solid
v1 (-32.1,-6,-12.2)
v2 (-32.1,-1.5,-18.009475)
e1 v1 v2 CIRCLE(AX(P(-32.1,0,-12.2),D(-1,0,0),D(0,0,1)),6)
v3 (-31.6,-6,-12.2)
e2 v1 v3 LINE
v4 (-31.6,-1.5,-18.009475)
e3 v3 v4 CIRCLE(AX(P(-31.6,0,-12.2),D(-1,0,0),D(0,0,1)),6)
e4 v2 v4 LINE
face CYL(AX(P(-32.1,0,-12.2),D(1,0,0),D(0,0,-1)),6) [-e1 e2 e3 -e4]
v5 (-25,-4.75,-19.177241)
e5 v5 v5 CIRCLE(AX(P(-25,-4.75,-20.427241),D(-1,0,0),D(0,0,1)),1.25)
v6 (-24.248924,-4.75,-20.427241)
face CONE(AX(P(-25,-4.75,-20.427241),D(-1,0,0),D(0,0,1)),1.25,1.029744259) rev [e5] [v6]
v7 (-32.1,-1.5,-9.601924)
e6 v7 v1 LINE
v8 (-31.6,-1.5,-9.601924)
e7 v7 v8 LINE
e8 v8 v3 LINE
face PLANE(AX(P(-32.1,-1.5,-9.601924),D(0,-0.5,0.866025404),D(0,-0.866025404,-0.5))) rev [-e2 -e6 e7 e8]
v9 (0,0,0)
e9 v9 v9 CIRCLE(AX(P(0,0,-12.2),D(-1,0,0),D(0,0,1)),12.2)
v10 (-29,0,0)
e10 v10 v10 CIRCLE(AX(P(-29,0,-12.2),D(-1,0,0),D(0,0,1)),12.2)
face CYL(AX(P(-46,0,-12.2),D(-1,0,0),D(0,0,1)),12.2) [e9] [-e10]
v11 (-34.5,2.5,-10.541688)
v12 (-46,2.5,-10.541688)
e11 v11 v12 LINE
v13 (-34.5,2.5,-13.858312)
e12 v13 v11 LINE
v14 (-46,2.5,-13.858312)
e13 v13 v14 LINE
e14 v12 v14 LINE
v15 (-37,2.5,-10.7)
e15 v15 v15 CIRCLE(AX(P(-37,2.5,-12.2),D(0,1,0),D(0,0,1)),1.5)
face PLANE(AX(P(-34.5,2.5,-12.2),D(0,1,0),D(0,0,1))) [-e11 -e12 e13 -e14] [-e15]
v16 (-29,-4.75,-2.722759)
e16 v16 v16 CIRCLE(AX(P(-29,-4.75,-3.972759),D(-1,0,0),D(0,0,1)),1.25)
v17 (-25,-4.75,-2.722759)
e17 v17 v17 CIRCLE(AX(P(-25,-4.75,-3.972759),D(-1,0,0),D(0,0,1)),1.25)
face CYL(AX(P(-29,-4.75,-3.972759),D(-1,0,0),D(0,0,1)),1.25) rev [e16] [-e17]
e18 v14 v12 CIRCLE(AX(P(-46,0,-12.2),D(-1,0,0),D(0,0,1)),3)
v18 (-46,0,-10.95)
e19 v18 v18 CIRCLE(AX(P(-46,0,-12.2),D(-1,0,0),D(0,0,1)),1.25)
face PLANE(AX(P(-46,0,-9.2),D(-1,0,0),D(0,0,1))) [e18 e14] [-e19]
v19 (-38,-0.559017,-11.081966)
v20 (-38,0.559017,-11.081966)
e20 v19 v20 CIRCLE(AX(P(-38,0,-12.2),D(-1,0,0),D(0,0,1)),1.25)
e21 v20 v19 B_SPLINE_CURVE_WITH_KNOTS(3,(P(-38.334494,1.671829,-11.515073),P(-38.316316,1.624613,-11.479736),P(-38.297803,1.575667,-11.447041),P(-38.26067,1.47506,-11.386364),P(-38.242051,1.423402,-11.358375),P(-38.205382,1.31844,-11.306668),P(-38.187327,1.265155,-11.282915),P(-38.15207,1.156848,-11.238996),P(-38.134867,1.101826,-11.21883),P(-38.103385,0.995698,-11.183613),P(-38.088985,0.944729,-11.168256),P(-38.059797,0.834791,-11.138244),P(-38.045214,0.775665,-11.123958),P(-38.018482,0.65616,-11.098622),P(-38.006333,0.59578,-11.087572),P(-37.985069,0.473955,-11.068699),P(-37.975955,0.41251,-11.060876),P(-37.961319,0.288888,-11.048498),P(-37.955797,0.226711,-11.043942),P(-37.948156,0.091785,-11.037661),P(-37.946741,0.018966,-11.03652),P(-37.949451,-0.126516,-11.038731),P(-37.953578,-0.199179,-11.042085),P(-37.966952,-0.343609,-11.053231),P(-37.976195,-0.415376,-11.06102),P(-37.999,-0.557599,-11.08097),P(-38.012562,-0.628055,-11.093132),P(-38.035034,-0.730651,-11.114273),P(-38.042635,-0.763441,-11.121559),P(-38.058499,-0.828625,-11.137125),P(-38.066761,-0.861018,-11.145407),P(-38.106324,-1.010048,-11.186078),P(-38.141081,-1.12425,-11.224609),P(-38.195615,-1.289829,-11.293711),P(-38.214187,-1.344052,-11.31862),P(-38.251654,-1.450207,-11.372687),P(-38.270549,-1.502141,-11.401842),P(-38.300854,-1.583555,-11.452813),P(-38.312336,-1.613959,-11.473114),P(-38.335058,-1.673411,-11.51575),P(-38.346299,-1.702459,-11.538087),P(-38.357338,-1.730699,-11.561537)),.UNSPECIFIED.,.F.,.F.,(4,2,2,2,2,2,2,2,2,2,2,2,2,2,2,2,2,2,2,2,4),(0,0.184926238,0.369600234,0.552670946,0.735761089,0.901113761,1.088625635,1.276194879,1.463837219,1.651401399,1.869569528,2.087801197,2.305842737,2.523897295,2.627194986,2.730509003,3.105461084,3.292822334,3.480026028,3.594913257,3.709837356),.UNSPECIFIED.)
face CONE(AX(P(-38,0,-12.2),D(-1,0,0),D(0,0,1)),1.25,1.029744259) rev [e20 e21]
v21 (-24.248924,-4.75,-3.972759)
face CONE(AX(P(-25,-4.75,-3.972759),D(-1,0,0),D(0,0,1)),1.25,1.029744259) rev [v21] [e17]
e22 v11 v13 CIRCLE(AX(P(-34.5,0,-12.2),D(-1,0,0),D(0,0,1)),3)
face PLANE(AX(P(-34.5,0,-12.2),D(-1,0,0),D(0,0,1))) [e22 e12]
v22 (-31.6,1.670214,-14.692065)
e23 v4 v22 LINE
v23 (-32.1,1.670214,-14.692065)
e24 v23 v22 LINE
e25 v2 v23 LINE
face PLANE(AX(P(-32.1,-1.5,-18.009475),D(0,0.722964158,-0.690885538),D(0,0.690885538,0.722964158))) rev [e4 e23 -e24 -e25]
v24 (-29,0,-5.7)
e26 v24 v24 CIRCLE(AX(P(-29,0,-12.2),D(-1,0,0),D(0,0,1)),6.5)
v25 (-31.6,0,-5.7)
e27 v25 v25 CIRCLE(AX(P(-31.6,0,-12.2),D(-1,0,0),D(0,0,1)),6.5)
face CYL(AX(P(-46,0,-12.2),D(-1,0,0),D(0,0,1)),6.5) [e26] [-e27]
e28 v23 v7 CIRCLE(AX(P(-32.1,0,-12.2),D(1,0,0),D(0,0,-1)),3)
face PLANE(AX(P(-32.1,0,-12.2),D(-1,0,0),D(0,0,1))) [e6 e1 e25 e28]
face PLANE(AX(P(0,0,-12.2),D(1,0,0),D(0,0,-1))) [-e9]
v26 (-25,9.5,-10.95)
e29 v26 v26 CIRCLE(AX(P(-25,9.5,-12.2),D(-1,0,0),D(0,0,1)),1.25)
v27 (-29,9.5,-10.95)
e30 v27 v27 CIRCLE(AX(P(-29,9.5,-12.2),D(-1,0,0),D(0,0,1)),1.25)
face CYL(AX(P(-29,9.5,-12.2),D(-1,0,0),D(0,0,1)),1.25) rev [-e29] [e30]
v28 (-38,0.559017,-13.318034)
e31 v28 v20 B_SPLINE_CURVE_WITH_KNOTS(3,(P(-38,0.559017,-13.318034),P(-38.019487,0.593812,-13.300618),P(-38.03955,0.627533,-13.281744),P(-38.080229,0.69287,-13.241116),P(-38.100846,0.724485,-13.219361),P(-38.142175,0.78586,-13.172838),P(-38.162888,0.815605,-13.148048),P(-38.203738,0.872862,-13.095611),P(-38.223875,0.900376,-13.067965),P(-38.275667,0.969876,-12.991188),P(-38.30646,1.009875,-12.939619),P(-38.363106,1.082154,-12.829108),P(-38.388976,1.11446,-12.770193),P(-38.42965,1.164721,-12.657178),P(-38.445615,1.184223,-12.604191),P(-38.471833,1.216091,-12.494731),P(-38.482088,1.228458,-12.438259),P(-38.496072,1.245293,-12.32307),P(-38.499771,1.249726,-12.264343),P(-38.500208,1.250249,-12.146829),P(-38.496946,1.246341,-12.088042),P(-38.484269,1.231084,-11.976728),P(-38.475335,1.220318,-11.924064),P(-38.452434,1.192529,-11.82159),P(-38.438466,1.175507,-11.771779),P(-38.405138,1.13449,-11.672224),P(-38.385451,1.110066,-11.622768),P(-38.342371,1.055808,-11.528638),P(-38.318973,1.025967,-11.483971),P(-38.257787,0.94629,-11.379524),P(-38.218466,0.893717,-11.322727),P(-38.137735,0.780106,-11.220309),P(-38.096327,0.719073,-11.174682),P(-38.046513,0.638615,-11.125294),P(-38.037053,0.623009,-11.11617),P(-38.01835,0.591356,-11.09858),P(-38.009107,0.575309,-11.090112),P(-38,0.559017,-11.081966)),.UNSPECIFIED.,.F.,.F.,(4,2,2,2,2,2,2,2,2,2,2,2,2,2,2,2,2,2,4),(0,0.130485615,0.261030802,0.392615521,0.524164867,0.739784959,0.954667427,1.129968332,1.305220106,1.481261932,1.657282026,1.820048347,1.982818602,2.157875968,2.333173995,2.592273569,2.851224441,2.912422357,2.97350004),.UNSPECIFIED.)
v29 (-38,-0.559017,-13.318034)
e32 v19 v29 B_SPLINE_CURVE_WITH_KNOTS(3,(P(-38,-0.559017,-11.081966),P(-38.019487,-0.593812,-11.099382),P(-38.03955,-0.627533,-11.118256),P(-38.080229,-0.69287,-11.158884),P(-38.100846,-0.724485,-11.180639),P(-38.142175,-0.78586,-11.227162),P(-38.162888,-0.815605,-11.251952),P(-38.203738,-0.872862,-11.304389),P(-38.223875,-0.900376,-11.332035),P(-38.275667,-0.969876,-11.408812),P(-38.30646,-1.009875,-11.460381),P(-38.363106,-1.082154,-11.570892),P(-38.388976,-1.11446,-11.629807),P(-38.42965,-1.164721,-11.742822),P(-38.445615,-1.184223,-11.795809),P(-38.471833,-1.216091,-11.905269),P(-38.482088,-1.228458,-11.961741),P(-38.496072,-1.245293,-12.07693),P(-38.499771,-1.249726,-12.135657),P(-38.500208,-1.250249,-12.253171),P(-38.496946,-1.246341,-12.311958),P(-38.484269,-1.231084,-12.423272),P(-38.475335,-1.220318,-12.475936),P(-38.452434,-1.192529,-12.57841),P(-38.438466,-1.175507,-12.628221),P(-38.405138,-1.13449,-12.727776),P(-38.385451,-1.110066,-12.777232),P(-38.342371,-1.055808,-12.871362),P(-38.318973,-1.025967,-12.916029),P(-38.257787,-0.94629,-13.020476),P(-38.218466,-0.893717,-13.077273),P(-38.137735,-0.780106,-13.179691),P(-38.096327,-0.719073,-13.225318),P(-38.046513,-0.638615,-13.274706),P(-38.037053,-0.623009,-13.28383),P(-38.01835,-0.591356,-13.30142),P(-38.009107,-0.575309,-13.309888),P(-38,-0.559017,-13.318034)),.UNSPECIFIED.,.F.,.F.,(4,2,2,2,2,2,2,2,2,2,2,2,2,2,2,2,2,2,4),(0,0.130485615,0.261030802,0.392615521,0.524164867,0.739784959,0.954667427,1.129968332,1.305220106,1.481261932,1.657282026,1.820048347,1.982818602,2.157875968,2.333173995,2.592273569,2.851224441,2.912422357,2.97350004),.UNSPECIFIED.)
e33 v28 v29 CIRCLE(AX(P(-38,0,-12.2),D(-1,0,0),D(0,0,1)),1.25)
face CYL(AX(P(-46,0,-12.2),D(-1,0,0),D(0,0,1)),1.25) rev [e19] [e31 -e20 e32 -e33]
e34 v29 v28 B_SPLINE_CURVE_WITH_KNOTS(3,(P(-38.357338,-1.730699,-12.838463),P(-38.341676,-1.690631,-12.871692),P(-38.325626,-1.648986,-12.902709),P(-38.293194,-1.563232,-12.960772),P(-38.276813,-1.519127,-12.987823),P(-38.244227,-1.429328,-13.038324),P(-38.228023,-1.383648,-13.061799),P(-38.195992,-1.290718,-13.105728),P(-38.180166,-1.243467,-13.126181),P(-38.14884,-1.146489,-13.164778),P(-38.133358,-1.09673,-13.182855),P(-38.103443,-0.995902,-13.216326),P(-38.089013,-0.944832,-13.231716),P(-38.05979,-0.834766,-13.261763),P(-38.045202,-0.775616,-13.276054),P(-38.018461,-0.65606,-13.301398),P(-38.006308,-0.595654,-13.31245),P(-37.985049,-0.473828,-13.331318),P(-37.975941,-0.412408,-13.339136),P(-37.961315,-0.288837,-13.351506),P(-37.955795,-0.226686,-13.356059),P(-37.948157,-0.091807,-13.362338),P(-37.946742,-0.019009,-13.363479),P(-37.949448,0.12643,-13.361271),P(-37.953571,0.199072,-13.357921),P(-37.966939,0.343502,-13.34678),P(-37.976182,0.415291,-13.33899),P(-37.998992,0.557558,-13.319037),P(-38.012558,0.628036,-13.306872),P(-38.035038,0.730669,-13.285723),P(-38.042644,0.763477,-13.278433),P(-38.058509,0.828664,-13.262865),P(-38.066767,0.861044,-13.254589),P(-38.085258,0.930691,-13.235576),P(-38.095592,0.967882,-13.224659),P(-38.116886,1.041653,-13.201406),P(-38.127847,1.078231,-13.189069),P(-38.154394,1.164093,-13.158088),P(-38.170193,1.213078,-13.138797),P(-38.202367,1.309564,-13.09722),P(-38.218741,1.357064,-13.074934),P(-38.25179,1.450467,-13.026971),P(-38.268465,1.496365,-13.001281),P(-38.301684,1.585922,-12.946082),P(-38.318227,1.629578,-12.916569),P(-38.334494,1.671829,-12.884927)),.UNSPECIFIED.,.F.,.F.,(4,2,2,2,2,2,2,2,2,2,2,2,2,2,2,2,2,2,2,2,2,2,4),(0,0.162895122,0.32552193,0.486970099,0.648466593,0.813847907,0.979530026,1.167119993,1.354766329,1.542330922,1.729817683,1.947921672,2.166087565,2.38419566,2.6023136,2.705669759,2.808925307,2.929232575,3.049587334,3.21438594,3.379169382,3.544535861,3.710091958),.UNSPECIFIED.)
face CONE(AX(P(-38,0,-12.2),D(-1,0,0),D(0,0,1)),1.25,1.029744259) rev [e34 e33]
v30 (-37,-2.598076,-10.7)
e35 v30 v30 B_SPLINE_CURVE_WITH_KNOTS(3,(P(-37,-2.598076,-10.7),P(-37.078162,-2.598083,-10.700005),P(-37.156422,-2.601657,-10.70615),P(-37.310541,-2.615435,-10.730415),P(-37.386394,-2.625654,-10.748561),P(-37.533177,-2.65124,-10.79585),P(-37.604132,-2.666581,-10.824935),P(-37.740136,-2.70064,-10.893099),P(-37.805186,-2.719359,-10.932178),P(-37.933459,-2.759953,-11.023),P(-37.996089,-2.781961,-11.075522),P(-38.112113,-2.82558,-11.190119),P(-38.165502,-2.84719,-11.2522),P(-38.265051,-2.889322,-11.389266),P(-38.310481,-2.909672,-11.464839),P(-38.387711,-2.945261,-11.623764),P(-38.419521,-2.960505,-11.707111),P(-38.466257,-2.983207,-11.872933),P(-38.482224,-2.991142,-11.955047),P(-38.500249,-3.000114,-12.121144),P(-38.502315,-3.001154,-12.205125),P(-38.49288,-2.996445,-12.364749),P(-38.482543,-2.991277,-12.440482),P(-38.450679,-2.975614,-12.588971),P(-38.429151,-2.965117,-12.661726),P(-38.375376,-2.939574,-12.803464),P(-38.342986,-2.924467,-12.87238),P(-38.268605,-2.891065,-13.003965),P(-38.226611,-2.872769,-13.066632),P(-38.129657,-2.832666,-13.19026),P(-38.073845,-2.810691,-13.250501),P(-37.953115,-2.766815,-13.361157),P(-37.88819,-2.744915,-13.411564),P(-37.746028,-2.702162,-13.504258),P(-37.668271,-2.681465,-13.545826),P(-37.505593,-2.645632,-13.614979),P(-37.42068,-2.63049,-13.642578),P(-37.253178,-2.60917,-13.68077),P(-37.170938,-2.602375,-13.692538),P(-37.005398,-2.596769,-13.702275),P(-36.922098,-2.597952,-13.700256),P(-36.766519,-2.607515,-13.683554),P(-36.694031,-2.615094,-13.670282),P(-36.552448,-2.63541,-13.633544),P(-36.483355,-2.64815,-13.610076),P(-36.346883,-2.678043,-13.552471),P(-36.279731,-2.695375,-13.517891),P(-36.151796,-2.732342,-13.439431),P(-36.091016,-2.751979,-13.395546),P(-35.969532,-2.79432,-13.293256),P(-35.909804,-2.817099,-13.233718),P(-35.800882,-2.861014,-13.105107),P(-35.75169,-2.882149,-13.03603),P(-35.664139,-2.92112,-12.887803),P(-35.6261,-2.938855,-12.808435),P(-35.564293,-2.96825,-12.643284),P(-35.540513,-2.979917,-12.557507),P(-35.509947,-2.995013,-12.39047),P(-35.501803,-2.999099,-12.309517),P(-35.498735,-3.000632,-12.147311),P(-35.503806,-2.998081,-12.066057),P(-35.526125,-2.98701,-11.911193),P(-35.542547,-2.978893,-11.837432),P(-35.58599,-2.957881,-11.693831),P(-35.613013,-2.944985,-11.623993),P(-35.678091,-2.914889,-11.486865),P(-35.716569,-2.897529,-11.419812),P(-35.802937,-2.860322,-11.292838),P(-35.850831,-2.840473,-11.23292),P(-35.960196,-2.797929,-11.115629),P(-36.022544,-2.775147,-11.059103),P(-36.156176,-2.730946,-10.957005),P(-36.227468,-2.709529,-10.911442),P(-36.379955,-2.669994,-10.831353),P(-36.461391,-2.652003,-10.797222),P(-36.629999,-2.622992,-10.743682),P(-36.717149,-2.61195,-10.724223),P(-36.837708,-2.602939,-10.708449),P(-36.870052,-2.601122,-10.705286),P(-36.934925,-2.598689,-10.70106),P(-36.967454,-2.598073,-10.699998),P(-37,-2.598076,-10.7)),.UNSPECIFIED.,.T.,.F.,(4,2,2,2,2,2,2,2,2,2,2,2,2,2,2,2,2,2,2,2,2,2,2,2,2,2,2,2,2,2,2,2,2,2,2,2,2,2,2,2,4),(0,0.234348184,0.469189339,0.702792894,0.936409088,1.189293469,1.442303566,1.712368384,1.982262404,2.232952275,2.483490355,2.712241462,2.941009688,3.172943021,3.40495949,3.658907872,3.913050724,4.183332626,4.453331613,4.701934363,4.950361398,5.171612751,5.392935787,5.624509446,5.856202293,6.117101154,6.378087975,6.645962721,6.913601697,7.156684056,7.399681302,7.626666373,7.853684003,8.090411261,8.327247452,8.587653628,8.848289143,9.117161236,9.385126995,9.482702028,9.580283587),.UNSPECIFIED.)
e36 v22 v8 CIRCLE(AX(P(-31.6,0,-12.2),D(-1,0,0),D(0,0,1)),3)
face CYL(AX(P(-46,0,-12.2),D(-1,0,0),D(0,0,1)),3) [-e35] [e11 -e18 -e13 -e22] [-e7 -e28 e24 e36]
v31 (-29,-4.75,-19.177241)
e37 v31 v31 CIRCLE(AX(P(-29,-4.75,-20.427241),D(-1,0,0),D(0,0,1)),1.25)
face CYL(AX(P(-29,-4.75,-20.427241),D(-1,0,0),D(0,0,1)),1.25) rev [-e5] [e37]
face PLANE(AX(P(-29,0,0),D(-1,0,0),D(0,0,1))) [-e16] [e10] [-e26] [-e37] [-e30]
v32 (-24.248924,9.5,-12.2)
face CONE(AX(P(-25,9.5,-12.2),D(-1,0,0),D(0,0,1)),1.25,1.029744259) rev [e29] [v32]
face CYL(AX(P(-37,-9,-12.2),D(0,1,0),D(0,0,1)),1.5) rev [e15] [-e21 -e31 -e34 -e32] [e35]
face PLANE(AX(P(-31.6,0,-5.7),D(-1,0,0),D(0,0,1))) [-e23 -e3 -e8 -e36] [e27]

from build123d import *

# Parameters (mm, degrees)
CUT_EXTRUDE_3_DEPTH    = 11.5
HOLE_WIZARD_M3_1_D     = 2.5
HOLE_WIZARD_M3_1_DEPTH = 8
HOLE_WIZARD_M3_1_TIP   = 0.751075774
SKETCH_12_R            = 1.5
CUT_EXTRUDE_4_DEPTH    = 11.5
HOLE_WIZARD_M3_2_D     = 2.5
HOLE_WIZARD_M3_2_DEPTH = 4
HOLE_WIZARD_M3_2_TIP   = 0.751075774
EXTRUDE_1_DEPTH        = 0.5


with BuildPart() as part:
    # 草图1 → 旋转1 (revolve)
    with BuildSketch(Plane(origin=(0, 0, 0), x_dir=(1, 0, 0), z_dir=(0, 1, 0))):
        Polygon((0, 0), (-29, 0), (-29, 5.7), (-31.6, 5.7), (-31.6, 9.2), (-46, 9.2), (-46, 12.2), (0, 12.2), align=None)
    revolve(axis=Axis((-46, 0, -12.2), (1, 0, 0)))

    # 草图9 → 切除-拉伸3 (cut)
    with BuildSketch(Plane.ZY.offset(46)):
        with BuildLine():
            Line((-12.2, 2.5), (-10.541687605, 2.5))
            ThreePointArc((-10.541687605, 2.5), (-12.2, 3), (-13.858312395, 2.5))
            Line((-13.858312395, 2.5), (-12.2, 2.5))
        make_face()
    extrude(amount=-CUT_EXTRUDE_3_DEPTH, mode=Mode.SUBTRACT)

    # M3 螺纹孔1
    with Locations(Plane.ZY.offset(46)):
        with Locations((-12.2, 0)):
            Hole(HOLE_WIZARD_M3_1_D / 2, depth=HOLE_WIZARD_M3_1_DEPTH)
            with Locations((0, 0, -(HOLE_WIZARD_M3_1_DEPTH + HOLE_WIZARD_M3_1_TIP / 2))):  # 118° drill point
                Cone(0, HOLE_WIZARD_M3_1_D / 2, HOLE_WIZARD_M3_1_TIP, mode=Mode.SUBTRACT)

    # 草图12 → 切除-拉伸4 (cut)
    with BuildSketch(Plane(origin=(0, 2.5, 0), x_dir=(1, 0, 0), z_dir=(0, 1, 0))):
        with Locations((-37, 12.2)):
            Circle(SKETCH_12_R)
    extrude(amount=-CUT_EXTRUDE_4_DEPTH, mode=Mode.SUBTRACT)

    # M3 螺纹孔2
    with Locations(Plane.ZY.offset(29)):
        with Locations((-12.2, 9.5), (-20.427241336, -4.75), (-3.972758664, -4.75)):
            Hole(HOLE_WIZARD_M3_2_D / 2, depth=HOLE_WIZARD_M3_2_DEPTH)
            with Locations((0, 0, -(HOLE_WIZARD_M3_2_DEPTH + HOLE_WIZARD_M3_2_TIP / 2))):  # 118° drill point
                Cone(0, HOLE_WIZARD_M3_2_D / 2, HOLE_WIZARD_M3_2_TIP, mode=Mode.SUBTRACT)

    # 草图16 → 凸台-拉伸1 (add)
    with BuildSketch(Plane.ZY.offset(31.6)):
        with BuildLine():
            Line((-9.601923789, -1.5), (-12.2, -6))
            ThreePointArc((-12.2, -6), (-8.525765386, 4.74341649), (-18.009475019, -1.5))
            Line((-18.009475019, -1.5), (-14.69206472, 1.670213589))
            ThreePointArc((-14.69206472, 1.670213589), (-10.614007201, 2.546493048), (-9.601923789, -1.5))
        make_face()
    extrude(amount=EXTRUDE_1_DEPTH)


solid = part.part
